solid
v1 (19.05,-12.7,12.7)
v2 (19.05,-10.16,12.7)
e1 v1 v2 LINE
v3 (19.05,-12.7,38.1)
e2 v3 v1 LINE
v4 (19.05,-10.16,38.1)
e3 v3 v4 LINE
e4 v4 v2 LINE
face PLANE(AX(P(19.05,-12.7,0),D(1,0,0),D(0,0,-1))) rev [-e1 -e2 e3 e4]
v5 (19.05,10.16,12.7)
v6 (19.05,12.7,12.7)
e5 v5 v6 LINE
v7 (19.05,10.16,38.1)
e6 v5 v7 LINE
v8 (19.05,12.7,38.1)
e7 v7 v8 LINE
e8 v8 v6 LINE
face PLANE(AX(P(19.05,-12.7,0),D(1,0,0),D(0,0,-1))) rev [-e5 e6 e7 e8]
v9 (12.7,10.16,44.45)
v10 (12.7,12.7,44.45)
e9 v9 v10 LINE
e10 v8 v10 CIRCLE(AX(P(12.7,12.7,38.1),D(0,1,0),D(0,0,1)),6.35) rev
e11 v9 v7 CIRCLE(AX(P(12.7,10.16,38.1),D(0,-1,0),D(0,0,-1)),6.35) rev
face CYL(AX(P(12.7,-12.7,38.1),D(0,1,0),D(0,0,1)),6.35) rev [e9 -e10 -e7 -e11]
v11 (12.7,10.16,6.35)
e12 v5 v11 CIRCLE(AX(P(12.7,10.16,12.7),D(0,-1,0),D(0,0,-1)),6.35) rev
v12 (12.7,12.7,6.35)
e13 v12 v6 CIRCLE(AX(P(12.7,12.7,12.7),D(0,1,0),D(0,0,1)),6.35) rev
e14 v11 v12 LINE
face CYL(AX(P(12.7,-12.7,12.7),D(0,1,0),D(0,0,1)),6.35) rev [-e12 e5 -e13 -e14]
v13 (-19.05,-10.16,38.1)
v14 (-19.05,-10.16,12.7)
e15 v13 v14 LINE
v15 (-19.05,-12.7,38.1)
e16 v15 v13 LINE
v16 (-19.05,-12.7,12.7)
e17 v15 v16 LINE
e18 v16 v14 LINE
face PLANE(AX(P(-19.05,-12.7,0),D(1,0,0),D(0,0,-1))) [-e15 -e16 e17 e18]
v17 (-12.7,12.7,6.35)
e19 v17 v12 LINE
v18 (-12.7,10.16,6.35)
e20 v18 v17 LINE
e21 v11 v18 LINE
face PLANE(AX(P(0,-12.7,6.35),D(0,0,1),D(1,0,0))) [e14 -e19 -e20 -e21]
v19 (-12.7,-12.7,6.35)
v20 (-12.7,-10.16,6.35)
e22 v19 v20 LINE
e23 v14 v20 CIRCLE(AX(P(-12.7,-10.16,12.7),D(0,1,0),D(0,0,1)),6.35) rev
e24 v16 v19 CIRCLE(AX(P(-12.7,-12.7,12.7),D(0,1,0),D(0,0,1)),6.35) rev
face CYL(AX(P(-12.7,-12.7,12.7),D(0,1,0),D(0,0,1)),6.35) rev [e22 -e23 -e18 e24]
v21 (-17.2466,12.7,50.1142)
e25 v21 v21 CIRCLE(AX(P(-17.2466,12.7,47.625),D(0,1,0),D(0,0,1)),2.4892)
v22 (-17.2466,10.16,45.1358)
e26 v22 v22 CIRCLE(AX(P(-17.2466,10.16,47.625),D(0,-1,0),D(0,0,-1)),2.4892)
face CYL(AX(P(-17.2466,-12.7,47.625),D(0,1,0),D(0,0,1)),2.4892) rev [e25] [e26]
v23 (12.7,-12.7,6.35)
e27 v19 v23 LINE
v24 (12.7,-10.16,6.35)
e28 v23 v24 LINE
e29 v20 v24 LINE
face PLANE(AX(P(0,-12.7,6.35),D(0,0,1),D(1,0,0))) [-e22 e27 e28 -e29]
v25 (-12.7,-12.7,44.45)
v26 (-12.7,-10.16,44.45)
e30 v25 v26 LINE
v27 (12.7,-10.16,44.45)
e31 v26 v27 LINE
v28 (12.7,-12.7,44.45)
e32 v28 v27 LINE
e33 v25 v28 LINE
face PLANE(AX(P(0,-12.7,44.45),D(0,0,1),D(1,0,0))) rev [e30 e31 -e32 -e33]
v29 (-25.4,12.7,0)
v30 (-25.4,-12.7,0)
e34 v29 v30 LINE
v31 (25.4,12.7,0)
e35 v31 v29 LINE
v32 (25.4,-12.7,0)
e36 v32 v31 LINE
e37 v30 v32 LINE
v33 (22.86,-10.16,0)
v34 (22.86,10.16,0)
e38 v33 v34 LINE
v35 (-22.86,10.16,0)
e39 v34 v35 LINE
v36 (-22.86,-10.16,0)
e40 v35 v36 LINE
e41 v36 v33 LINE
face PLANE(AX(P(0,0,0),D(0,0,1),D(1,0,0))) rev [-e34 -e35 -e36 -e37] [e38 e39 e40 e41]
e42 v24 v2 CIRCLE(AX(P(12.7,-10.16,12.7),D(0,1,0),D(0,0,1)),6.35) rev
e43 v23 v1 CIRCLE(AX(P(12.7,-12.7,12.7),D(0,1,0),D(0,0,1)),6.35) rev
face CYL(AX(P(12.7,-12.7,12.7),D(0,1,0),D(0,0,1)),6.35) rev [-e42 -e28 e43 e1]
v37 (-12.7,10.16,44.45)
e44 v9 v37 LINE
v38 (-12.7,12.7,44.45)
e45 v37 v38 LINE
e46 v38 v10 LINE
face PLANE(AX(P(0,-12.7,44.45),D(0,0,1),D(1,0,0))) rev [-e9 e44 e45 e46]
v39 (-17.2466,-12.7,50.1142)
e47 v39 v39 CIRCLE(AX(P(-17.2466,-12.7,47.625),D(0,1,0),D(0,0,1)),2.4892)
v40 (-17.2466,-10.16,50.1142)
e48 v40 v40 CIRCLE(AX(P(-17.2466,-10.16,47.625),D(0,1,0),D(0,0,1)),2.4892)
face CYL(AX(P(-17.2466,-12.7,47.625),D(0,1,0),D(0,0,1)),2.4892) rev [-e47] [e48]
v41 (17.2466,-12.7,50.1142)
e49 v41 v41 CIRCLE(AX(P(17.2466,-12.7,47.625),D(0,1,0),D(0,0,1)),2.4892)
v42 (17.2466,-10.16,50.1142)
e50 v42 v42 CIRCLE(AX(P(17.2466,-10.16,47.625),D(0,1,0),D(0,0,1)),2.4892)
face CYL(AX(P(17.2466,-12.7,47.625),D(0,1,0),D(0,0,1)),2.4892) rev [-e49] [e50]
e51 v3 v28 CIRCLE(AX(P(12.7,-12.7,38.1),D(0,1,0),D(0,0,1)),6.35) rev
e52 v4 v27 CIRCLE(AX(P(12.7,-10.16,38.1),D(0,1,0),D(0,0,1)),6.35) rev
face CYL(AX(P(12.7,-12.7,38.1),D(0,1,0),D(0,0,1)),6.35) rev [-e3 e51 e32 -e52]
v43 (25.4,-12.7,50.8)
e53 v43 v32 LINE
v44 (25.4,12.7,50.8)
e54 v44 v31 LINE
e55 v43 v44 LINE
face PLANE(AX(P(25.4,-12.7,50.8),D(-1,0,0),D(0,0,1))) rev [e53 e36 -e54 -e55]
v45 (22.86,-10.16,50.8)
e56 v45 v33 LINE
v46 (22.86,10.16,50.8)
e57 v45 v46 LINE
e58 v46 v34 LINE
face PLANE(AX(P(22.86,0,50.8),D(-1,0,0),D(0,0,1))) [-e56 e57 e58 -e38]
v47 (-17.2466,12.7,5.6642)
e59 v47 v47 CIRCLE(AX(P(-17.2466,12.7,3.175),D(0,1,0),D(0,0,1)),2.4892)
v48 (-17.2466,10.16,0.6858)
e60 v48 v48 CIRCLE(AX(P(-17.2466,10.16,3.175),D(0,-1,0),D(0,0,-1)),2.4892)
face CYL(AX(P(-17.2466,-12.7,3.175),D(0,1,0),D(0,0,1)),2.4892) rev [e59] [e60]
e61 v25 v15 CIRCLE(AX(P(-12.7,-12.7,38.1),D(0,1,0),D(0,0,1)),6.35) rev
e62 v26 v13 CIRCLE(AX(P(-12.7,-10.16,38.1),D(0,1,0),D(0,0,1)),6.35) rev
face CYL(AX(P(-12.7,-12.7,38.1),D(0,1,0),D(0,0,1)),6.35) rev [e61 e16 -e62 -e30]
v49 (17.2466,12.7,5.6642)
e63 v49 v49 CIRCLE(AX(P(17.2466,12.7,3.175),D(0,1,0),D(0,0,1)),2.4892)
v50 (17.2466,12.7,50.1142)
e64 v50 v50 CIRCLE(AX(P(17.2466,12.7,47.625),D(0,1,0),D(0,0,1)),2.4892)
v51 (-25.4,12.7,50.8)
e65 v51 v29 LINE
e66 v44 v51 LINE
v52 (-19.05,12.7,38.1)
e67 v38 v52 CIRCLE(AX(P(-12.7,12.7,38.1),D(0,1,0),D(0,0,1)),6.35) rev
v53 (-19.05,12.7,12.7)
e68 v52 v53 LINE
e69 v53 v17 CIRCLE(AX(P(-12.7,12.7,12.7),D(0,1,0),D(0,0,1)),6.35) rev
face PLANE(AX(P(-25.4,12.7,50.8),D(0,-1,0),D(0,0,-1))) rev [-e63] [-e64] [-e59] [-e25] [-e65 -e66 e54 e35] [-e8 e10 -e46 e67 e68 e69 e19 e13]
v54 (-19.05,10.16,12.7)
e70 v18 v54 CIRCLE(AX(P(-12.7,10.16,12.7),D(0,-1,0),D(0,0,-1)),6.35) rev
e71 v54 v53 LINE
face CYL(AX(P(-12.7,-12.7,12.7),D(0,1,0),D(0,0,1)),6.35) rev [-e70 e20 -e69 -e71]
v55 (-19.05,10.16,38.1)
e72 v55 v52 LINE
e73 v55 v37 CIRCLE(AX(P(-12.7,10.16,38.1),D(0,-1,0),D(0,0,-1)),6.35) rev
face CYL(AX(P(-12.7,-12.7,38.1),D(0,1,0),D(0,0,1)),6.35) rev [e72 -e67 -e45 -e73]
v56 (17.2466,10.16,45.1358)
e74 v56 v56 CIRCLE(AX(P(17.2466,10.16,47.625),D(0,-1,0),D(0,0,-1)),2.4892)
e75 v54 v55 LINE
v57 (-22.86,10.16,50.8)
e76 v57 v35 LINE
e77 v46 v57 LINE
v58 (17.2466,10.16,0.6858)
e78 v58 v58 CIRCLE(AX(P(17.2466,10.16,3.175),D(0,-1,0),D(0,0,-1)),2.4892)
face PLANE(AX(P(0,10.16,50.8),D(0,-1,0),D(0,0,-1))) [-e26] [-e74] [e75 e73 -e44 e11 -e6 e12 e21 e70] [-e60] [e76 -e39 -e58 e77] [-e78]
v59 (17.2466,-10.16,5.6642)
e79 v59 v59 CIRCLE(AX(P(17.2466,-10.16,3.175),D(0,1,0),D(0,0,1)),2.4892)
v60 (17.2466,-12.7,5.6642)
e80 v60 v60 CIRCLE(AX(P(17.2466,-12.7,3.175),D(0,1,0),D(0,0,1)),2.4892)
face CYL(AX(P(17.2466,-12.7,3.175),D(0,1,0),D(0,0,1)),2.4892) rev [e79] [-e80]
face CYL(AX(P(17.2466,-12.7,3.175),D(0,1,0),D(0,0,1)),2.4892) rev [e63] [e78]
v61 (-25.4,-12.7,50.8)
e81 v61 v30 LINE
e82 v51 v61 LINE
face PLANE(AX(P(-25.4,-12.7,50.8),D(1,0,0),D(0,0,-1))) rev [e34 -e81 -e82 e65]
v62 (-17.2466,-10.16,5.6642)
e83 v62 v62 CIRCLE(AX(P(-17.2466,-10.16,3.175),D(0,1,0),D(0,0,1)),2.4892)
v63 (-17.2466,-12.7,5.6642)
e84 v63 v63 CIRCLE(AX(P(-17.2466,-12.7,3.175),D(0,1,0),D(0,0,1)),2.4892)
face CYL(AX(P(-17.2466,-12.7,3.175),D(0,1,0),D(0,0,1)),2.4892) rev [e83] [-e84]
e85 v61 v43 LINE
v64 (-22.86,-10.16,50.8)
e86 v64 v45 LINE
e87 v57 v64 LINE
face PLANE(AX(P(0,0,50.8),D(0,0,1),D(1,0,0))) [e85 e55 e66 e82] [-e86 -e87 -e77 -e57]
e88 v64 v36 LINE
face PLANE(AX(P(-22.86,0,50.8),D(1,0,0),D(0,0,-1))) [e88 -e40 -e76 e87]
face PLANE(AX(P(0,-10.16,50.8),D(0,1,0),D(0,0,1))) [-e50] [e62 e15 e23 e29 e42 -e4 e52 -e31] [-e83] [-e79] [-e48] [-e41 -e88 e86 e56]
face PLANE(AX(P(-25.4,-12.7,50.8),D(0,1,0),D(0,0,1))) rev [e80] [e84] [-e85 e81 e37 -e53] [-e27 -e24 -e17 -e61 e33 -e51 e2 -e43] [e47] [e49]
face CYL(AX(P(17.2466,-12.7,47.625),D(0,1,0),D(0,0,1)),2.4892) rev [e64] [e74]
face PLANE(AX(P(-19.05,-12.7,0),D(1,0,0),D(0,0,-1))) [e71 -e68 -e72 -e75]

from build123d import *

# Parameters (mm, degrees)
SKETCH1_W           = 50.8
SKETCH1_H           = 25.4
SKETCH1_W_2         = 45.72
SKETCH1_H_2         = 20.32
EXTRUDE_THIN1_DEPTH = 50.8
CUT_EXTRUDE1_DEPTH  = 26.4
SKETCH3_R           = 2.4892
CUT_EXTRUDE2_DEPTH  = 26.4


with BuildPart() as part:
    # Sketch1 → Extrude-Thin1 (new body)
    with BuildSketch(Plane.XY):
        Rectangle(SKETCH1_W, SKETCH1_H)
        Rectangle(SKETCH1_W_2, SKETCH1_H_2, mode=Mode.SUBTRACT)
    extrude(amount=EXTRUDE_THIN1_DEPTH)

    # Sketch2 → Cut-Extrude1 (cut, through all)
    with BuildSketch(Plane(origin=(0, 12.7, 0), x_dir=(1, 0, 0), z_dir=(0, 1, 0))):
        with BuildLine():
            ThreePointArc((12.7, -44.45), (17.190128061, -42.590128061), (19.05, -38.1))
            Line((19.05, -38.1), (19.05, -12.7))
            ThreePointArc((19.05, -12.7), (17.190128061, -8.209871939), (12.7, -6.35))
            Line((12.7, -6.35), (-12.7, -6.35))
            ThreePointArc((-12.7, -6.35), (-17.190128061, -8.209871939), (-19.05, -12.7))
            Line((-19.05, -12.7), (-19.05, -38.1))
            ThreePointArc((-19.05, -38.1), (-17.190128061, -42.590128061), (-12.7, -44.45))
            Line((-12.7, -44.45), (12.7, -44.45))
        make_face()
    extrude(amount=-CUT_EXTRUDE1_DEPTH, mode=Mode.SUBTRACT)

    # Sketch3 → Cut-Extrude2 (cut, through all)
    with BuildSketch(Plane(origin=(0, 12.7, 0), x_dir=(1, 0, 0), z_dir=(0, 1, 0))):
        with Locations((-17.2466, -47.625)):
            Circle(SKETCH3_R)
        with Locations((17.2466, -47.625)):
            Circle(SKETCH3_R)
        with Locations((17.2466, -3.175)):
            Circle(SKETCH3_R)
        with Locations((-17.2466, -3.175)):
            Circle(SKETCH3_R)
    extrude(amount=-CUT_EXTRUDE2_DEPTH, mode=Mode.SUBTRACT)


solid = part.part
